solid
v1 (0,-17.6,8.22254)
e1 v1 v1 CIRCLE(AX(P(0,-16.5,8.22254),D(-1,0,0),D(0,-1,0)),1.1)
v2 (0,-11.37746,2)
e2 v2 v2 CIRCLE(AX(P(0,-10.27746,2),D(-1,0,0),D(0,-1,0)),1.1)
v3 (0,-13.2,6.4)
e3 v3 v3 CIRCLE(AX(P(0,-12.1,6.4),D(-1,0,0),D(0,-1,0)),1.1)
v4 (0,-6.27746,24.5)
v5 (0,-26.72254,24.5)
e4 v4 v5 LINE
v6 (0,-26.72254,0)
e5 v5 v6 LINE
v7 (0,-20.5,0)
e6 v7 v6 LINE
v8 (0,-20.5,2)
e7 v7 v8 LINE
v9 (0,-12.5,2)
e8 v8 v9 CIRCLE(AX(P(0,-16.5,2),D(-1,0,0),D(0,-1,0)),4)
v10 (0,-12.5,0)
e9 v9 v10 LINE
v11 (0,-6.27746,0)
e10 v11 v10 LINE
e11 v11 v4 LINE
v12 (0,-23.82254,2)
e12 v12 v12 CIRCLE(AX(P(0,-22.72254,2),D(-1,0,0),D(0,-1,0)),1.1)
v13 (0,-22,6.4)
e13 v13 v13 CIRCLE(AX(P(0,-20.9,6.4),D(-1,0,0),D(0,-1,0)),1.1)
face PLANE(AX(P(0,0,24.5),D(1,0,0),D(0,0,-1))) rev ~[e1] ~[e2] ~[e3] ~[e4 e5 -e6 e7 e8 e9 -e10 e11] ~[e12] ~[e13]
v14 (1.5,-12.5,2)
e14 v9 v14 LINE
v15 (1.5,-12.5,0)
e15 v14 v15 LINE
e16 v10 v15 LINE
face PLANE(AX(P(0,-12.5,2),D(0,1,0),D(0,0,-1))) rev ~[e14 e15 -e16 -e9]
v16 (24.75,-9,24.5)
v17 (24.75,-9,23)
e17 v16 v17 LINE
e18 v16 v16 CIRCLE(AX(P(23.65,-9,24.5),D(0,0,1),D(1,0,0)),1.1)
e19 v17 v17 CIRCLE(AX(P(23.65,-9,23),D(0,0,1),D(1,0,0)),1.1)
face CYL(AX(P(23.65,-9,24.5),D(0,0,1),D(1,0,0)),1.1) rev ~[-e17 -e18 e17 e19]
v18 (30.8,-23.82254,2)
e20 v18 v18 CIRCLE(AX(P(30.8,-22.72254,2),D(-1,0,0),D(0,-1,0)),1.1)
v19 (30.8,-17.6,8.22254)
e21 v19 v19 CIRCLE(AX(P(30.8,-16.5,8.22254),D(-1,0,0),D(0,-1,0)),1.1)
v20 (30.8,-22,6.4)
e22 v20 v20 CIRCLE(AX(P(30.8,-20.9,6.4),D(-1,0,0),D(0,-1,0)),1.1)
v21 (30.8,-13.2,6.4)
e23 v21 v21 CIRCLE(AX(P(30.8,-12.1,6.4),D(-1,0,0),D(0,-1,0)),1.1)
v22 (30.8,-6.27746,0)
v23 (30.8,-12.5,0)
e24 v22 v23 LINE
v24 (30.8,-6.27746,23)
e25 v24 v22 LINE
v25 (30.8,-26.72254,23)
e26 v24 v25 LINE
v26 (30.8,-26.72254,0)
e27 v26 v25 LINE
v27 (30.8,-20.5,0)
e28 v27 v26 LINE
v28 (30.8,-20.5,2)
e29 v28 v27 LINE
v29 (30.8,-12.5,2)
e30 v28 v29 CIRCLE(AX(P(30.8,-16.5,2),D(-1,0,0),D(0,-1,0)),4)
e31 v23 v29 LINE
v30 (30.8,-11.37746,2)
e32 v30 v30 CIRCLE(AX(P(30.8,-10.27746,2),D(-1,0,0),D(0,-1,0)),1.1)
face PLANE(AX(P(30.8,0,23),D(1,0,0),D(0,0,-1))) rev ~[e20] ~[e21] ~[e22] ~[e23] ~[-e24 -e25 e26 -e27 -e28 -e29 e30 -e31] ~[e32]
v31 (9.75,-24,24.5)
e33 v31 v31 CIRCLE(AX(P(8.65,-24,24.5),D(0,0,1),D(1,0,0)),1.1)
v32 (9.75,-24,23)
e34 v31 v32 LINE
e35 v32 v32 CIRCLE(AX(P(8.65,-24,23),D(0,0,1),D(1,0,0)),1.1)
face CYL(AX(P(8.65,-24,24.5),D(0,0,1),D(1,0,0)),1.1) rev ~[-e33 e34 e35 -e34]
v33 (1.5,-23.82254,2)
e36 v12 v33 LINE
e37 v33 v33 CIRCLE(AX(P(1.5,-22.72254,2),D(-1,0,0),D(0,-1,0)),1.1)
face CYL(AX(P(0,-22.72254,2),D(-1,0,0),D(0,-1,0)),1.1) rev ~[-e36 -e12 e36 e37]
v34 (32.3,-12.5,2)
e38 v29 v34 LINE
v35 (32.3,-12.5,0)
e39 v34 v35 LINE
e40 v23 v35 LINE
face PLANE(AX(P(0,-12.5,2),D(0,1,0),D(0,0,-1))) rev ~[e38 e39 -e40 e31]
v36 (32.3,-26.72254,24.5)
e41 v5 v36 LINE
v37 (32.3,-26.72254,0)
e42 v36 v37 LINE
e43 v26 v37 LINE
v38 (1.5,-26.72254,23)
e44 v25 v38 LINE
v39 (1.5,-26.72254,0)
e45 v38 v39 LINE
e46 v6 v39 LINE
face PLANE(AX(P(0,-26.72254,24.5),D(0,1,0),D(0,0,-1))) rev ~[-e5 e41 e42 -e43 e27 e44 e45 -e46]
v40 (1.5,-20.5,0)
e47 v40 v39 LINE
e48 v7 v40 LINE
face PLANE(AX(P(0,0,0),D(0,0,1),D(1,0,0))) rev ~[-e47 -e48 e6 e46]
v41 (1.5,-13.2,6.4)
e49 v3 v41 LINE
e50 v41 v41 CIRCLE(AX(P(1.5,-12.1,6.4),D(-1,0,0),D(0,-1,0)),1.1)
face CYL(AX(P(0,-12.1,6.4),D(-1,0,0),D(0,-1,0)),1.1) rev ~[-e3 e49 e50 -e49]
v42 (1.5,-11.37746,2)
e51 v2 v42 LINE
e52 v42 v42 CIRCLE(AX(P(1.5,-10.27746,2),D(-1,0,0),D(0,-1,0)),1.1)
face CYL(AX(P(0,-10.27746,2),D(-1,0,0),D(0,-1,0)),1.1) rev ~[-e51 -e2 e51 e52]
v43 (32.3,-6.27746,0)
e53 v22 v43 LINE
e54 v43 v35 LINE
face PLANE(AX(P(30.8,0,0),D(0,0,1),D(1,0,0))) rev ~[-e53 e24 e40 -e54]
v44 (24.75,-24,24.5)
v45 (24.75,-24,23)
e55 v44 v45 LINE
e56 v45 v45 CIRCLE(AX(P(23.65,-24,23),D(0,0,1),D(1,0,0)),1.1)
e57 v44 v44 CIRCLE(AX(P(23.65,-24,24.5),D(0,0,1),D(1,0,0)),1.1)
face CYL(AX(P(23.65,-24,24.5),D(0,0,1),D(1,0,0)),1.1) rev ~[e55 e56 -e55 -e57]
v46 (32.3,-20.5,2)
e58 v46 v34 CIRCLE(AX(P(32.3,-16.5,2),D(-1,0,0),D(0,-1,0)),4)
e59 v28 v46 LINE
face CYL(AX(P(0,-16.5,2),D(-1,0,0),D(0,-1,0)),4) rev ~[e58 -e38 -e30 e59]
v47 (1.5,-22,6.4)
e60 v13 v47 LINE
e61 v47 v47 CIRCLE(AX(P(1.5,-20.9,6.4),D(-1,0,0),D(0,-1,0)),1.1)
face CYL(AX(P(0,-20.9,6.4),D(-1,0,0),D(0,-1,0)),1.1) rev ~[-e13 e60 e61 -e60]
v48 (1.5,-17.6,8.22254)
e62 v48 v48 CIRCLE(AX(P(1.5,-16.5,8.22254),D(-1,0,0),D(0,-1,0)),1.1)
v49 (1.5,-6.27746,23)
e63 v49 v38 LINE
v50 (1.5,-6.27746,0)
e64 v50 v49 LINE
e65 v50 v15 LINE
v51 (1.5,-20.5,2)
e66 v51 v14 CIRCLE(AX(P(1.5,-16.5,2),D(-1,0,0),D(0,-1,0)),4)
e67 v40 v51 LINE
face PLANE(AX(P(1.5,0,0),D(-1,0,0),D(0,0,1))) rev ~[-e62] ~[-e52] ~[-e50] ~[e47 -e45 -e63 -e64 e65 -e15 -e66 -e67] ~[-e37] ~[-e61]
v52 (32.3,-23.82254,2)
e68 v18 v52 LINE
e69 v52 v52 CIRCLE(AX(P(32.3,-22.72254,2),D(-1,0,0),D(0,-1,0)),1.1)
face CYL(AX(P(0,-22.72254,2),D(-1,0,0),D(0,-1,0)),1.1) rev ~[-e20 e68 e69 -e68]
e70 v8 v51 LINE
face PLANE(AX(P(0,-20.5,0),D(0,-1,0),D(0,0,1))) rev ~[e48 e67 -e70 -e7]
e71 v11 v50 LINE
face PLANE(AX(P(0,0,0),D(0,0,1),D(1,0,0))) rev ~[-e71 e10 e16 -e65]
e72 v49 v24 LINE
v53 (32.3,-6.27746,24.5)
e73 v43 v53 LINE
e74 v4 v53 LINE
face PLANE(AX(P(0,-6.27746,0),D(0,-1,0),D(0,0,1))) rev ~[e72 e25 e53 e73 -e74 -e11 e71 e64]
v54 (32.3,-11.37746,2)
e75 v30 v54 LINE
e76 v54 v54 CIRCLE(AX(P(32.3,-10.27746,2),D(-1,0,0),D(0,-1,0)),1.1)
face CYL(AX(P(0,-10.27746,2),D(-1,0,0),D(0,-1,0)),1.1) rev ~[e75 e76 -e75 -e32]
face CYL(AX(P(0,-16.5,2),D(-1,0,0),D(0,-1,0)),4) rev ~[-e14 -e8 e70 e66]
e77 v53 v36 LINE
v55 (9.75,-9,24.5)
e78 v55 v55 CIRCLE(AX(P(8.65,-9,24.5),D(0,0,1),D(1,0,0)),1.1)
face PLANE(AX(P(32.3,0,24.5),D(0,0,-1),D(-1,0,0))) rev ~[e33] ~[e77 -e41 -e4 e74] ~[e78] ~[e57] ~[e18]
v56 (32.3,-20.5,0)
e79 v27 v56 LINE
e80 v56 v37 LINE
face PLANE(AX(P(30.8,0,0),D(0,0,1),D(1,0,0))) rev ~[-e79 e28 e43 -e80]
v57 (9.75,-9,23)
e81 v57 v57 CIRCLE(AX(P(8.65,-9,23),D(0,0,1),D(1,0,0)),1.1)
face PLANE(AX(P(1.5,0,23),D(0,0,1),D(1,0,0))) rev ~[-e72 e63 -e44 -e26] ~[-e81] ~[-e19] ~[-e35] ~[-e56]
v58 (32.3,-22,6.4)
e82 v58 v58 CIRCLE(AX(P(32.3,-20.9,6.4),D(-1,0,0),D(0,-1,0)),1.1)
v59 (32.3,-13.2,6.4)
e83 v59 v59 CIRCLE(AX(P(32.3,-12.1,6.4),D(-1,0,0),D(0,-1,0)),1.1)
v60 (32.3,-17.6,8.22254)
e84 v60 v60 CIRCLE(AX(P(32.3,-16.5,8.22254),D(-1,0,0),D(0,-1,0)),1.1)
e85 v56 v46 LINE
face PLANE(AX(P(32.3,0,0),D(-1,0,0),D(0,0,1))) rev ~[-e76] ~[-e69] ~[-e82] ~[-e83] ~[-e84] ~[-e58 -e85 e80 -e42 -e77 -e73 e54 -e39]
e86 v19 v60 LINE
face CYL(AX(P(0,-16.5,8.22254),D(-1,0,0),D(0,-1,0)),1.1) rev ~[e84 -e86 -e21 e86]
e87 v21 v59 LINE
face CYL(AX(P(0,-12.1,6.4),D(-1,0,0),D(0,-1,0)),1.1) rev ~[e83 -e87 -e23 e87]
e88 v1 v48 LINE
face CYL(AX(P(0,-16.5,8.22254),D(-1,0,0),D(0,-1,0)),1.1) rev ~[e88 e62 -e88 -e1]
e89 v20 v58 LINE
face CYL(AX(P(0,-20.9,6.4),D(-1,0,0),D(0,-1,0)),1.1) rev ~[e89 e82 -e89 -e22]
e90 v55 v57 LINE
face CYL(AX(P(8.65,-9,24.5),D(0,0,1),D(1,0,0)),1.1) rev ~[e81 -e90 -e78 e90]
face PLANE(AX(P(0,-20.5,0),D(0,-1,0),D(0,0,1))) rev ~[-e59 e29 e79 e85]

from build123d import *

# Parameters (mm, degrees)
F1_DEPTH = 33
F2_R     = 1.1
F2_W     = 6.27746
F2_H     = 1.5
F3_DEPTH = 32.301
F4_R     = 1.1
F5_DEPTH = 1.5


with BuildPart() as f1:
    # F0 (on Front) → F1 (new body)
    with BuildSketch(Plane.XZ):
        Polygon((0, 24.5), (0, 0), (1.5, 0), (1.5, 23), (30.8, 23), (30.8, 0), (32.3, 0), (32.3, 24.5), align=None)
    extrude(amount=F1_DEPTH)

    # F2 (on face) → F3 (cut, through all)
    with BuildSketch(Plane(origin=(0, 0, 0), x_dir=(0, -1, 0), z_dir=(-1, 0, 0))):
        with BuildLine():
            Line((20.5, 0), (20.5, 2))
            ThreePointArc((20.5, 2), (16.5, 6), (12.5, 2))
            Line((12.5, 2), (12.5, 0))
            Line((12.5, 0), (20.5, 0))
        make_face()
        with Locations((22.72254, 2)):
            Circle(F2_R)
        with Locations((20.9, 6.4)):
            Circle(F2_R)
        with Locations((16.5, 8.22254)):
            Circle(F2_R)
        with Locations((12.1, 6.4)):
            Circle(F2_R)
        with Locations((10.27746, 2)):
            Circle(F2_R)
        Polygon((0, 0), (6.27746, 0), (0, 23), align=None)
        Polygon((0, 23), (6.27746, 0), (6.27746, 23), align=None)
        with Locations((3.13873, 23.75)):
            Rectangle(F2_W, F2_H)
        Polygon((26.72254, 0), (33, 0), (33, 23), align=None)
        Polygon((26.72254, 0), (33, 23), (26.72254, 23), align=None)
        with Locations((29.86127, 23.75)):
            Rectangle(F2_W, F2_H)
    extrude(amount=-F3_DEPTH, mode=Mode.SUBTRACT)

    # F4 (on face) → F5 (cut, through all)
    with BuildSketch(Plane.XY.offset(24.5)):
        with Locations((8.65, -9)):
            Circle(F4_R)
        with Locations((23.65, -9)):
            Circle(F4_R)
        with Locations((8.65, -24)):
            Circle(F4_R)
        with Locations((23.65, -24)):
            Circle(F4_R)
    extrude(amount=-F5_DEPTH, mode=Mode.SUBTRACT)


solid = f1.part
